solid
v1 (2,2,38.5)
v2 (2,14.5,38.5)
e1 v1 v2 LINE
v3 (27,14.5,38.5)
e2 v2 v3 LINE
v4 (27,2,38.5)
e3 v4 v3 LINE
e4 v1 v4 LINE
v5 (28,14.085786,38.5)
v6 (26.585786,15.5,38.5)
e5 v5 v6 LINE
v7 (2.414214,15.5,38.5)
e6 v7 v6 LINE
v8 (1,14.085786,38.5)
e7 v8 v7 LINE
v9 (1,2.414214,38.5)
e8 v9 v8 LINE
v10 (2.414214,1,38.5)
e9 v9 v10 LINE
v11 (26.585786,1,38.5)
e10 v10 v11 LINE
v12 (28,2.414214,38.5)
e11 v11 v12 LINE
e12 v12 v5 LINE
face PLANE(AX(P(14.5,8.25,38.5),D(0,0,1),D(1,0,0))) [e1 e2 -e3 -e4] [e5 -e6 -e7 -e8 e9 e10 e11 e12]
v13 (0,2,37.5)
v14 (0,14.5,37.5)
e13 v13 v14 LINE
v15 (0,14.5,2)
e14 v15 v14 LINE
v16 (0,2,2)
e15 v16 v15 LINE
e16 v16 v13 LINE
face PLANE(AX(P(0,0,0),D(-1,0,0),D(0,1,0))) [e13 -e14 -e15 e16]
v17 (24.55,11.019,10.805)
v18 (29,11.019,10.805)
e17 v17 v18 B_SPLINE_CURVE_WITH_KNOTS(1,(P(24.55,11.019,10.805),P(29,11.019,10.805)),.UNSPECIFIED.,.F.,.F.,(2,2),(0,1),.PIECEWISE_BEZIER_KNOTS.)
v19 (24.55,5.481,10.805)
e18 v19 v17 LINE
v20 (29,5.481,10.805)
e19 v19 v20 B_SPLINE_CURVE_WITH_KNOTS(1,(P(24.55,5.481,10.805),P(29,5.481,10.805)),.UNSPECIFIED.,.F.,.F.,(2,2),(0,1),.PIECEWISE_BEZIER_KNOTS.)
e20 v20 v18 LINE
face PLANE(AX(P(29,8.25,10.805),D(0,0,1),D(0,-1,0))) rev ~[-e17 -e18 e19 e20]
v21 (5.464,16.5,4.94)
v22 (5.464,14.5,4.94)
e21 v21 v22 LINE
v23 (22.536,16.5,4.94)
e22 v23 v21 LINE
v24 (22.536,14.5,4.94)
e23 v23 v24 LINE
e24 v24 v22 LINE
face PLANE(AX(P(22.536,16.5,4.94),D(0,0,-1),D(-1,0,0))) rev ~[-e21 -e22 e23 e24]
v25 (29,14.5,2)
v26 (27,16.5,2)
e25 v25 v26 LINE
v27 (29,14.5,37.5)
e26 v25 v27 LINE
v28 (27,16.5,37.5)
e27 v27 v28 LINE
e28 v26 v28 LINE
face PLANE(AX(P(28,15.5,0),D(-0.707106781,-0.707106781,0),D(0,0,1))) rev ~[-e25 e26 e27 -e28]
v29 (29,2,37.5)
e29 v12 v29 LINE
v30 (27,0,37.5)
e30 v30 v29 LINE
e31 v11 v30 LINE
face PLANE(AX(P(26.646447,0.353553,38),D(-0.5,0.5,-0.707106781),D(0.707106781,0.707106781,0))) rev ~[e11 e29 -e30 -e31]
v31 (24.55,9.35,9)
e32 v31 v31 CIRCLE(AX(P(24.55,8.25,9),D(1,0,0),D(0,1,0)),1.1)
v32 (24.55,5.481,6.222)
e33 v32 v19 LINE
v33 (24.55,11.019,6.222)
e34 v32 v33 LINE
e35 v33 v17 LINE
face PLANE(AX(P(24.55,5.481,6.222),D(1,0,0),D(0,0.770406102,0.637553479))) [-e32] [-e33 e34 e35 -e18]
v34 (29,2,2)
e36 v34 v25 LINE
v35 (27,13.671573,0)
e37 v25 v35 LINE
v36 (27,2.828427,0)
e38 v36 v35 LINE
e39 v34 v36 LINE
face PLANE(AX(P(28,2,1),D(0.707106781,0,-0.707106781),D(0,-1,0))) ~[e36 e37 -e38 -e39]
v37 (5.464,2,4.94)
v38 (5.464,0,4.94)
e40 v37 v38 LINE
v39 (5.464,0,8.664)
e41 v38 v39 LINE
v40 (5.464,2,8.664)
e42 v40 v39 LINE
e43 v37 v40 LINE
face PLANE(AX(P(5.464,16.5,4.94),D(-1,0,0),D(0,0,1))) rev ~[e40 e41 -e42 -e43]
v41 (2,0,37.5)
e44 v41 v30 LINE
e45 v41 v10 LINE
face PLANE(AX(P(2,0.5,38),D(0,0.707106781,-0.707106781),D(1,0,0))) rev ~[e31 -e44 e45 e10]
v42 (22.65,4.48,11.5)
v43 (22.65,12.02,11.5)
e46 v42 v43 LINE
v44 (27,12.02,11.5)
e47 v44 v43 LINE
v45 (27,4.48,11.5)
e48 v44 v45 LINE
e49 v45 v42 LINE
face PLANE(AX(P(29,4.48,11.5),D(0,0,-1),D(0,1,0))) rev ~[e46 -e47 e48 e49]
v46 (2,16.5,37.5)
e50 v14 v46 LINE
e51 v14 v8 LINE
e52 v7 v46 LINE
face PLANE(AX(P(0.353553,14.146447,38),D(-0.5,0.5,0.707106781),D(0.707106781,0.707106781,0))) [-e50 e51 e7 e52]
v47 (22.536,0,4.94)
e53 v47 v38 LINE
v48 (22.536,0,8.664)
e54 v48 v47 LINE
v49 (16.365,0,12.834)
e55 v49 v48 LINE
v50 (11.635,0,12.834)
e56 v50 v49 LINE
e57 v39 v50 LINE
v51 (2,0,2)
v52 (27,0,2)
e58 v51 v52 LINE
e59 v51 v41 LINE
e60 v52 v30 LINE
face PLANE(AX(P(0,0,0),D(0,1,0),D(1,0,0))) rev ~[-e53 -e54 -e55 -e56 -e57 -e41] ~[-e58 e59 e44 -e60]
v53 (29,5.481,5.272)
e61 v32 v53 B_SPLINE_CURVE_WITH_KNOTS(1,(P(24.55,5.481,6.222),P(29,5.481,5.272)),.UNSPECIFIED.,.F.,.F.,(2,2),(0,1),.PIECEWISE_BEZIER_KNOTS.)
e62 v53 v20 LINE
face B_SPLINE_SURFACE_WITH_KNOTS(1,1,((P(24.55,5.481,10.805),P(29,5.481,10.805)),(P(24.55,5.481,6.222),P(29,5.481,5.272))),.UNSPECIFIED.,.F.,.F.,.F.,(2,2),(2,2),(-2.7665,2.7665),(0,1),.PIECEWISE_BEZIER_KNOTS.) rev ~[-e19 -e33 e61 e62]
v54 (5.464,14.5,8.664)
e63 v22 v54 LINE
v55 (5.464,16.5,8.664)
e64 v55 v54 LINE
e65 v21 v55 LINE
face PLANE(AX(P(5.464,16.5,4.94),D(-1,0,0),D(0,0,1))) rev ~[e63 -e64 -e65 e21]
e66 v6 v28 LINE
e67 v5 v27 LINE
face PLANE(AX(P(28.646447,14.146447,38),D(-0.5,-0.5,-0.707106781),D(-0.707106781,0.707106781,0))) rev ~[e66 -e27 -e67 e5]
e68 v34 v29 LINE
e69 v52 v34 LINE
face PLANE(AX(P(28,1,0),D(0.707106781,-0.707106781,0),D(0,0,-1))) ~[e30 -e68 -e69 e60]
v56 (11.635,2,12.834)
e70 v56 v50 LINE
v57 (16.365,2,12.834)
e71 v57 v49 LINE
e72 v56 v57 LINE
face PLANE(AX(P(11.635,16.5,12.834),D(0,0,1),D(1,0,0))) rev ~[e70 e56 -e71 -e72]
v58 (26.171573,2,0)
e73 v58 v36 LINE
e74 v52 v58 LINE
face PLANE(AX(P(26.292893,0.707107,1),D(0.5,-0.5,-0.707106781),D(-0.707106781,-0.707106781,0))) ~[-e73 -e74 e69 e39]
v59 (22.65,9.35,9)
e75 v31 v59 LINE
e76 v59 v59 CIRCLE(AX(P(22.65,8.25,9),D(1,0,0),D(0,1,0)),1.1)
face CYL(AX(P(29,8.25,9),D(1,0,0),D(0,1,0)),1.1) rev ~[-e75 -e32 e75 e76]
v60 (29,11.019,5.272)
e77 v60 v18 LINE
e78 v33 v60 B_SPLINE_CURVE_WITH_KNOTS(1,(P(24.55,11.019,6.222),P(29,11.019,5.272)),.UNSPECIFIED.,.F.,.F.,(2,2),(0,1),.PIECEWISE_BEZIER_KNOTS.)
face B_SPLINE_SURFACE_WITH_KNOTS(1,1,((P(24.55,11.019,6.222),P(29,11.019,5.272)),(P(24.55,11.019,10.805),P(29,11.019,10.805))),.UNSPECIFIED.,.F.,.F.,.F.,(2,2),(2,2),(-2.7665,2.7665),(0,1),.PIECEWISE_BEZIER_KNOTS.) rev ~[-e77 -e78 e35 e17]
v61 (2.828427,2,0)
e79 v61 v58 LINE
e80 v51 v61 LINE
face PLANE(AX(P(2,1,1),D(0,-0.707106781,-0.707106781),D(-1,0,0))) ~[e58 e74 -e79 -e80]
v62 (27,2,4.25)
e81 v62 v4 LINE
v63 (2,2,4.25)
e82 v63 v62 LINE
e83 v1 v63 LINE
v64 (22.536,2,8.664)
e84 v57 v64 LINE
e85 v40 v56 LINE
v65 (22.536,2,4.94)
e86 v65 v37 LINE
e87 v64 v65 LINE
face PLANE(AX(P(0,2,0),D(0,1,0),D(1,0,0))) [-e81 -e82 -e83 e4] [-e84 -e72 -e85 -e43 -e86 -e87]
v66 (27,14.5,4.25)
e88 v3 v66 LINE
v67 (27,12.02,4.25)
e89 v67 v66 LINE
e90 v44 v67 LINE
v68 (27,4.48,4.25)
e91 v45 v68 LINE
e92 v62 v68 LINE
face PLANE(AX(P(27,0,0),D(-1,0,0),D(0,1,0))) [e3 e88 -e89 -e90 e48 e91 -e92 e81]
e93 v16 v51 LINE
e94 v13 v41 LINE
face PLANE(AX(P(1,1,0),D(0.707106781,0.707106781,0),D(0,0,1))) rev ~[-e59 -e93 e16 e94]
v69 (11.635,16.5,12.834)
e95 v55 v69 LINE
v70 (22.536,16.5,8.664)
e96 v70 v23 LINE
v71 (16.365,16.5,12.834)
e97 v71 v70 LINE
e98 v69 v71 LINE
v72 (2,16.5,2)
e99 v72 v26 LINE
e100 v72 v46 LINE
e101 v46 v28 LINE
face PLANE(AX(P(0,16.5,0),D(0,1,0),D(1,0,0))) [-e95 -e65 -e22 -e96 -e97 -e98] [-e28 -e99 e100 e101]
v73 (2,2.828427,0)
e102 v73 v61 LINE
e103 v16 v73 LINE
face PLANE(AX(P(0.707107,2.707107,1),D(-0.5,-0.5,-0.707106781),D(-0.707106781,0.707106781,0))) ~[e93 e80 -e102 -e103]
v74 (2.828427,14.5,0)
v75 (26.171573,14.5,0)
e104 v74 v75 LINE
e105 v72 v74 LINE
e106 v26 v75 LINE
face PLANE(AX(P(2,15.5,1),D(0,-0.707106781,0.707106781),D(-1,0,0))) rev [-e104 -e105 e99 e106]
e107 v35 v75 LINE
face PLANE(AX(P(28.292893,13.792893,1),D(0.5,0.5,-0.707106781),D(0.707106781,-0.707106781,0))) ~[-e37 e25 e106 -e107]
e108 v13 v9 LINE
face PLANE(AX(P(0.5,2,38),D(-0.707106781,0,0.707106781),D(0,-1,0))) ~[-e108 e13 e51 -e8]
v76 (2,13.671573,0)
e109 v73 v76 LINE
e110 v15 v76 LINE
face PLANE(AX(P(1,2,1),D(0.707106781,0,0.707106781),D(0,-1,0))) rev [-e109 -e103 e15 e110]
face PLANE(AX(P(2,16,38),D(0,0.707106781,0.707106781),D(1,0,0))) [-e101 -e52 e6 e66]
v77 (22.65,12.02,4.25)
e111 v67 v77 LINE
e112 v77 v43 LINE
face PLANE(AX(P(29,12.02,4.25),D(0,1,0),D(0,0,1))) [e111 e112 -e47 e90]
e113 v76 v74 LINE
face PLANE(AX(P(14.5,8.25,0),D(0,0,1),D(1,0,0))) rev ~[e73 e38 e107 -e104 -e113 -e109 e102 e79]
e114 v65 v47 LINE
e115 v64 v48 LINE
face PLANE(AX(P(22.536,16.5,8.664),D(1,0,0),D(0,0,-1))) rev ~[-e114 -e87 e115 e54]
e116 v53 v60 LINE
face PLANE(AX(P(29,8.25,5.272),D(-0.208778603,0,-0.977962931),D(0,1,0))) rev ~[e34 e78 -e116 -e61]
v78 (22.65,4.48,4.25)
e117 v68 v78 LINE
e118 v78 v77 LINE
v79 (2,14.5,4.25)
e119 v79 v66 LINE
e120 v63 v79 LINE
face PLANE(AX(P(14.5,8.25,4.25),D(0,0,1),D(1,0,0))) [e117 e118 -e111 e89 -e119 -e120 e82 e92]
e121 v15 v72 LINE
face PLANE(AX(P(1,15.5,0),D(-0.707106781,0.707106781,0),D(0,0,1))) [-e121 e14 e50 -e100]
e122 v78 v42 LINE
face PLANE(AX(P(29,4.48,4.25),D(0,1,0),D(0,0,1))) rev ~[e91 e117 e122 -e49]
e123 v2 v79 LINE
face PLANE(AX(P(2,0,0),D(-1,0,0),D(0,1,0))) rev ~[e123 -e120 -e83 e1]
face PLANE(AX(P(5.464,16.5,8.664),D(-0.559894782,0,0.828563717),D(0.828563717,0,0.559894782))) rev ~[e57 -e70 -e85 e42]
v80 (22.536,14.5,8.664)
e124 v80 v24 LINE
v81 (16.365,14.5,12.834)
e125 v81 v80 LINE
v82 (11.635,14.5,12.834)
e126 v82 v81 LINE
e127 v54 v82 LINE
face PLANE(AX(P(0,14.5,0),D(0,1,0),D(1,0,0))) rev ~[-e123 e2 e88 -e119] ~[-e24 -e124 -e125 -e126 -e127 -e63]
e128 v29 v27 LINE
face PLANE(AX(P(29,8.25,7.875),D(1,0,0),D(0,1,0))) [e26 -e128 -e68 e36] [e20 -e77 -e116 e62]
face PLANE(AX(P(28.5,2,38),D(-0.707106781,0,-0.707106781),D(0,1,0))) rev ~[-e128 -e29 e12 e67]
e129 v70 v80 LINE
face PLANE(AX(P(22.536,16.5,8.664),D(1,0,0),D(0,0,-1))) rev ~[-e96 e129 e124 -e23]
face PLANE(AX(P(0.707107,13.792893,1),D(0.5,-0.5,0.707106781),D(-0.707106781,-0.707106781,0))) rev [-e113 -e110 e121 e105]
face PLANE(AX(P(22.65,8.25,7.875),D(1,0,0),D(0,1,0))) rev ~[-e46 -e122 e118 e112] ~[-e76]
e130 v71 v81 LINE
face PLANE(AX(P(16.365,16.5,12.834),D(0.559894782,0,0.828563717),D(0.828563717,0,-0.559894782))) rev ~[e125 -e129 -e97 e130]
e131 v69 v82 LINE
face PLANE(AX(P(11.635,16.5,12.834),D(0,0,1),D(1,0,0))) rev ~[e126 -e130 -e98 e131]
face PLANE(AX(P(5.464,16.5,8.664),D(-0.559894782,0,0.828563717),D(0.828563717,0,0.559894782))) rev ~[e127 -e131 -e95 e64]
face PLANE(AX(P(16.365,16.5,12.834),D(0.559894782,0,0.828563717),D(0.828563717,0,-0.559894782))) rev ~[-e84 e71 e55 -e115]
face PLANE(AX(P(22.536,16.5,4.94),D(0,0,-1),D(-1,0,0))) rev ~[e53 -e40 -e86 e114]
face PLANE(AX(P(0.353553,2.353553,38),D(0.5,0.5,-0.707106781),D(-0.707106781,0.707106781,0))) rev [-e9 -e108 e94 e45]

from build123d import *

# Parameters (mm, degrees)
F0_W      = 29
F0_H      = 16.5
F1_DEPTH  = 38.5
F2_T      = -2
F3_DEPTH  = 2.25
F4_SIZE   = 2
F5_SIZE   = 2
F6_SIZE   = 1
F8_DEPTH  = 16.501
F9_W      = 7.54
F9_H      = 7.25
F9_R      = 1.1
F10_DEPTH = 6.35
F13_W     = 5.538
F13_H     = 4.583
F11_W     = 5.538
F11_H     = 5.533


with BuildPart() as f1:
    # F0 (on Top) → F1 (new body)
    with BuildSketch(Plane.XY):
        with Locations((14.5, 8.25)):
            Rectangle(F0_W, F0_H)
    extrude(amount=F1_DEPTH)

    # F2
    f2_openings = [f1.faces().sort_by_distance(p)[0] for p in [
        (14.5, 8.25, 38.5),
    ]]
    offset(amount=F2_T, openings=f2_openings)

    # F3 (add): a face of the model
    f3_faces = [f1.faces().sort_by_distance(p)[0] for p in [
        (14.5, 8.25, 2),
    ]]
    extrude(f3_faces, amount=F3_DEPTH)

    # F4
    f4_edges = [f1.edges().sort_by_distance(p)[0] for p in [
        (29, 0, 19.25),
        (29, 16.5, 19.25),
        (0, 0, 19.25),
        (0, 16.5, 19.25),
    ]]
    chamfer(f4_edges, length=F4_SIZE)

    # F5
    f5_edges = [f1.edges().sort_by_distance(p)[0] for p in [
        (14.5, 0, 0),
        (28, 1, 0),
        (29, 8.25, 0),
        (28, 15.5, 0),
        (14.5, 16.5, 0),
        (1, 15.5, 0),
        (0, 8.25, 0),
        (1, 1, 0),
    ]]
    chamfer(f5_edges, length=F5_SIZE)

    # F6
    f6_edges = [f1.edges().sort_by_distance(p)[0] for p in [
        (0, 8.25, 38.5),
        (1, 1, 38.5),
        (14.5, 0, 38.5),
        (28, 1, 38.5),
        (29, 8.25, 38.5),
        (28, 15.5, 38.5),
        (14.5, 16.5, 38.5),
        (1, 15.5, 38.5),
    ]]
    chamfer(f6_edges, length=F6_SIZE)

    # F7 (on face) → F8 (cut, through all)
    with BuildSketch(Plane(origin=(0, 16.5, 0), x_dir=(-1, 0, 0), z_dir=(0, 1, 0))):
        Polygon((-22.536, 8.664), (-22.536, 4.94), (-5.464, 4.94), (-5.464, 8.664), (-11.635, 12.834), (-16.365, 12.834), align=None)
    extrude(amount=-F8_DEPTH, mode=Mode.SUBTRACT)

    # F9 (on face) → F10 (join)
    with BuildSketch(Plane.YZ.offset(29)):
        with Locations((8.25, 7.875)):
            Rectangle(F9_W, F9_H)
        with Locations((8.25, 9)):
            Circle(F9_R, mode=Mode.SUBTRACT)
    extrude(amount=-F10_DEPTH)

    # F13 (on offset) → F14 section 0
    with BuildSketch(Plane.YZ.offset(24.55)):
        with Locations((8.25, 8.5135)):
            Rectangle(F13_W, F13_H)
    # F11 (on face) → F14 section 1
    with BuildSketch(Plane.YZ.offset(29)):
        with Locations((8.25, 8.0385)):
            Rectangle(F11_W, F11_H)
    loft(mode=Mode.SUBTRACT)


solid = f1.part
